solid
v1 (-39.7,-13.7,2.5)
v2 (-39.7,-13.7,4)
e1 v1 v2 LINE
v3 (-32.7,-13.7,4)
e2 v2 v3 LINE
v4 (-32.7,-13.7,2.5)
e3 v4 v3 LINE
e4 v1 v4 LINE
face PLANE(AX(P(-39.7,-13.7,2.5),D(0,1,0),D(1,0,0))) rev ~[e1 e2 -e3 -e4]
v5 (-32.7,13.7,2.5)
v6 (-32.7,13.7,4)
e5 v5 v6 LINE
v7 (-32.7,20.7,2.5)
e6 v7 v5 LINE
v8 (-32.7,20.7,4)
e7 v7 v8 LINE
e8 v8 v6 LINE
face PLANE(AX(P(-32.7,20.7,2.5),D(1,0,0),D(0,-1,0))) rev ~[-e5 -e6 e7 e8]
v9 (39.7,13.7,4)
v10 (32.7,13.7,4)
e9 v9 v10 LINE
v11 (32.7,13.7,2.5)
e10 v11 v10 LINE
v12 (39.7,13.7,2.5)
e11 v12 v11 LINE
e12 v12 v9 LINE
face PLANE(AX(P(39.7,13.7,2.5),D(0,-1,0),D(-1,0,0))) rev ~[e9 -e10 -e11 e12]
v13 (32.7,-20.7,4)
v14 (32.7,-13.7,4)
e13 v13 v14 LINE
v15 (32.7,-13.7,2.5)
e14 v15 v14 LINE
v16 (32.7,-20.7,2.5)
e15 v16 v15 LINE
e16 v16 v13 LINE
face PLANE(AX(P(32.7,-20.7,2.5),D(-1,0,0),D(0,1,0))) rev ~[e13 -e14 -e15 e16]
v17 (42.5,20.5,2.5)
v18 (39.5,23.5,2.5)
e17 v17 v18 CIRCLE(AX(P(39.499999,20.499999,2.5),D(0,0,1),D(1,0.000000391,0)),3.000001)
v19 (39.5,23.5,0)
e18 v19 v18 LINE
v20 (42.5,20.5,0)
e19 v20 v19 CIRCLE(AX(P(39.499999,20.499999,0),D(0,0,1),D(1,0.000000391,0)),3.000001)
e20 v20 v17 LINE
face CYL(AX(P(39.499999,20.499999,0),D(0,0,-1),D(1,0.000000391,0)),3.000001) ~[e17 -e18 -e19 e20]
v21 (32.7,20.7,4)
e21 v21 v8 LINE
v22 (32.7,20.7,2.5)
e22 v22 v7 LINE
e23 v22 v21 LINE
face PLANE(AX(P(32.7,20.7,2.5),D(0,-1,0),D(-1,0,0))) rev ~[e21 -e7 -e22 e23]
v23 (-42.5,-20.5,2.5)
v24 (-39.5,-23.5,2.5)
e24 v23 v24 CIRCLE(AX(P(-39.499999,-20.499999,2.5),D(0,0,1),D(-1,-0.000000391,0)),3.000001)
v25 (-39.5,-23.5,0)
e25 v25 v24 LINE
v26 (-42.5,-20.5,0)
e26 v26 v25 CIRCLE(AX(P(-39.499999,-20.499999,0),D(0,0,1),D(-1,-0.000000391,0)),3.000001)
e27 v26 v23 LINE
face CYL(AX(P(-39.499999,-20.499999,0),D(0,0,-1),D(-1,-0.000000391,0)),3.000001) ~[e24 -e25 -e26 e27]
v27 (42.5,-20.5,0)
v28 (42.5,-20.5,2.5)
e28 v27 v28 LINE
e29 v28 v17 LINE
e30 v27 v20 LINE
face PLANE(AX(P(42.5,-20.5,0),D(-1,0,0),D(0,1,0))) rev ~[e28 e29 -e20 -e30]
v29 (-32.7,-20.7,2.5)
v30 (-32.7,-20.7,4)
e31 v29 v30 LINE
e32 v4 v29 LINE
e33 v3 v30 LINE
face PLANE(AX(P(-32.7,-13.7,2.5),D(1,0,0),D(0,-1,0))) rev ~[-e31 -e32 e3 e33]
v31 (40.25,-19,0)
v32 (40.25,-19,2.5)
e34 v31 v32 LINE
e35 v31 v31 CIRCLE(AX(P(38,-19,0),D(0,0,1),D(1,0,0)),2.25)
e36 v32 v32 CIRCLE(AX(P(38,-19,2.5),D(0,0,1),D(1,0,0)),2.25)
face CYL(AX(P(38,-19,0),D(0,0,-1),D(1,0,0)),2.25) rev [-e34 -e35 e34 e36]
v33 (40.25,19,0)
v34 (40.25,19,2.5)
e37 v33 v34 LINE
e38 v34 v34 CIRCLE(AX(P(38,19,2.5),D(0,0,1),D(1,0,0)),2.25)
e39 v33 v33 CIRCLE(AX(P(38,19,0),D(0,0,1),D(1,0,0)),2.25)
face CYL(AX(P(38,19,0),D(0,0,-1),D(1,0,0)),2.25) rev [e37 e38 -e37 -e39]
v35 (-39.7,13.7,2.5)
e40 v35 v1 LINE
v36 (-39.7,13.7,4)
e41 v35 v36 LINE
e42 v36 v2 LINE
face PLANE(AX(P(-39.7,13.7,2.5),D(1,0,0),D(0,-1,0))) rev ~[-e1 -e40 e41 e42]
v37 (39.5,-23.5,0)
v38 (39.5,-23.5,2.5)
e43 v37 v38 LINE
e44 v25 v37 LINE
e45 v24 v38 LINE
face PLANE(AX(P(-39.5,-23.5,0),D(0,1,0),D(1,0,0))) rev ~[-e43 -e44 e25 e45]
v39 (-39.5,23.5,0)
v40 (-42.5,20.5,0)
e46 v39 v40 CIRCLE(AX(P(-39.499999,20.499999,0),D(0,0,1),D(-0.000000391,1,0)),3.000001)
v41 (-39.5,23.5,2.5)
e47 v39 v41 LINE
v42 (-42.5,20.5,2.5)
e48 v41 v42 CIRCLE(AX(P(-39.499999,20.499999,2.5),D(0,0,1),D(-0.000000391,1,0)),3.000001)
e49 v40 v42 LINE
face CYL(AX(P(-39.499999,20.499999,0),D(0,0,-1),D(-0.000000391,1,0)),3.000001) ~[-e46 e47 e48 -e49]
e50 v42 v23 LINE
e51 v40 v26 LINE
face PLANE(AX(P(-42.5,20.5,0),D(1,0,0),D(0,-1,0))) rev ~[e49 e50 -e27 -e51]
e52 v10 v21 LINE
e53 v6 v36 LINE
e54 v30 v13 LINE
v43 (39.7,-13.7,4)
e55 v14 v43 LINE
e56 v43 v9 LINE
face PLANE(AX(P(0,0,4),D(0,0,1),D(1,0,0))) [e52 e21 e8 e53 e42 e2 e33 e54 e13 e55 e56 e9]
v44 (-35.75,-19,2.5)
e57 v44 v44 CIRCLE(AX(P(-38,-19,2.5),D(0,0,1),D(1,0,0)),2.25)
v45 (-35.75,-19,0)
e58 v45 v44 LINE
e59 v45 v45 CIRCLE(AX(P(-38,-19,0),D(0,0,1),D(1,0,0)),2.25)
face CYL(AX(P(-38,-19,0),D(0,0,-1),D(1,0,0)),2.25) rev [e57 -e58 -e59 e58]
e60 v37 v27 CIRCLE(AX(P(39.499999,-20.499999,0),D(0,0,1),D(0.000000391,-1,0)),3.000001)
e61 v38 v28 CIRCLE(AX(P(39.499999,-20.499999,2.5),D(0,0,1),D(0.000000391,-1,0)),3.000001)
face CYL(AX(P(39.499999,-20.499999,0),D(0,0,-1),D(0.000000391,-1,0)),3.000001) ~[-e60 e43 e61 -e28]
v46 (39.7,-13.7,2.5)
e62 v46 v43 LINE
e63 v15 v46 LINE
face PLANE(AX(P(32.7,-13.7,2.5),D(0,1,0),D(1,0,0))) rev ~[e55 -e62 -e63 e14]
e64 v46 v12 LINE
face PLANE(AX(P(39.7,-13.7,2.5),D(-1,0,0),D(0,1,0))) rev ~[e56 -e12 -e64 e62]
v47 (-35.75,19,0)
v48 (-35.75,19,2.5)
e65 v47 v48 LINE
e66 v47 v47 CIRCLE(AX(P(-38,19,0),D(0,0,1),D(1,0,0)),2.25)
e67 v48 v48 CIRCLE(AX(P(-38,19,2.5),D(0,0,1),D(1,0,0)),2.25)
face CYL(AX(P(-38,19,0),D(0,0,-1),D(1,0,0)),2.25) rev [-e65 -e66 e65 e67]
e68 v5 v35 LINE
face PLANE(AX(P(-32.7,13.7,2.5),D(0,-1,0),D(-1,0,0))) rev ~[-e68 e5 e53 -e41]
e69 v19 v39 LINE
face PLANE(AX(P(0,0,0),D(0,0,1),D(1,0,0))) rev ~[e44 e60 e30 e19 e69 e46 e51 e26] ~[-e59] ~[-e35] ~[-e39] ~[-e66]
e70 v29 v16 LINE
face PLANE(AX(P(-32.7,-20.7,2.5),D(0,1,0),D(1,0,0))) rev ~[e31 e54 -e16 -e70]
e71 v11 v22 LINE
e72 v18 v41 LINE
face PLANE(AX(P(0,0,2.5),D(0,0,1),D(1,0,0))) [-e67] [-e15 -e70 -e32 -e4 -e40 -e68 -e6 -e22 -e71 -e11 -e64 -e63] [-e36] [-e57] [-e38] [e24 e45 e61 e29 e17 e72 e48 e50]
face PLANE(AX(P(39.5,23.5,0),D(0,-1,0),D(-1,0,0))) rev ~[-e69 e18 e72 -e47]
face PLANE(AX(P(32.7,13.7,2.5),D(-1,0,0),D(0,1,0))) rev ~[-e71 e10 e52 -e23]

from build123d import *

# Parameters (mm, degrees)
F0_R     = 2.25
F1_DEPTH = 2.5
F3_DEPTH = 1.5


with BuildPart() as f1:
    # F0 (on Top) → F1 (new body)
    with BuildSketch(Plane.XY):
        with BuildLine():
            Line((39.5, 23.5), (-39.5, 23.5))
            ThreePointArc((-39.5, 23.5), (-41.62132, 22.62132), (-42.5, 20.5))
            Line((-42.5, 20.5), (-42.5, -20.5))
            ThreePointArc((-42.5, -20.5), (-41.62132, -22.62132), (-39.5, -23.5))
            Line((-39.5, -23.5), (39.5, -23.5))
            ThreePointArc((39.5, -23.5), (41.62132, -22.62132), (42.5, -20.5))
            Line((42.5, -20.5), (42.5, 20.5))
            ThreePointArc((42.5, 20.5), (41.62132, 22.62132), (39.5, 23.5))
        make_face()
        with Locations((-38, -19)):
            Circle(F0_R, mode=Mode.SUBTRACT)
        with Locations((38, -19)):
            Circle(F0_R, mode=Mode.SUBTRACT)
        with Locations((-38, 19)):
            Circle(F0_R, mode=Mode.SUBTRACT)
        with Locations((38, 19)):
            Circle(F0_R, mode=Mode.SUBTRACT)
    extrude(amount=F1_DEPTH)

    # F2 (on face) → F3 (join)
    with BuildSketch(Plane.XY.offset(2.5)):
        Polygon((-39.7, 0), (-39.7, -13.7), (-32.7, -13.7), (-32.7, -20.7), (0, -20.7), (32.7, -20.7), (32.7, -13.7), (39.7, -13.7), (39.7, 0), (39.7, 13.7), (32.7, 13.7), (32.7, 20.7), (0, 20.7), (-32.7, 20.7), (-32.7, 13.7), (-39.7, 13.7), align=None)
    extrude(amount=F3_DEPTH)


solid = f1.part
